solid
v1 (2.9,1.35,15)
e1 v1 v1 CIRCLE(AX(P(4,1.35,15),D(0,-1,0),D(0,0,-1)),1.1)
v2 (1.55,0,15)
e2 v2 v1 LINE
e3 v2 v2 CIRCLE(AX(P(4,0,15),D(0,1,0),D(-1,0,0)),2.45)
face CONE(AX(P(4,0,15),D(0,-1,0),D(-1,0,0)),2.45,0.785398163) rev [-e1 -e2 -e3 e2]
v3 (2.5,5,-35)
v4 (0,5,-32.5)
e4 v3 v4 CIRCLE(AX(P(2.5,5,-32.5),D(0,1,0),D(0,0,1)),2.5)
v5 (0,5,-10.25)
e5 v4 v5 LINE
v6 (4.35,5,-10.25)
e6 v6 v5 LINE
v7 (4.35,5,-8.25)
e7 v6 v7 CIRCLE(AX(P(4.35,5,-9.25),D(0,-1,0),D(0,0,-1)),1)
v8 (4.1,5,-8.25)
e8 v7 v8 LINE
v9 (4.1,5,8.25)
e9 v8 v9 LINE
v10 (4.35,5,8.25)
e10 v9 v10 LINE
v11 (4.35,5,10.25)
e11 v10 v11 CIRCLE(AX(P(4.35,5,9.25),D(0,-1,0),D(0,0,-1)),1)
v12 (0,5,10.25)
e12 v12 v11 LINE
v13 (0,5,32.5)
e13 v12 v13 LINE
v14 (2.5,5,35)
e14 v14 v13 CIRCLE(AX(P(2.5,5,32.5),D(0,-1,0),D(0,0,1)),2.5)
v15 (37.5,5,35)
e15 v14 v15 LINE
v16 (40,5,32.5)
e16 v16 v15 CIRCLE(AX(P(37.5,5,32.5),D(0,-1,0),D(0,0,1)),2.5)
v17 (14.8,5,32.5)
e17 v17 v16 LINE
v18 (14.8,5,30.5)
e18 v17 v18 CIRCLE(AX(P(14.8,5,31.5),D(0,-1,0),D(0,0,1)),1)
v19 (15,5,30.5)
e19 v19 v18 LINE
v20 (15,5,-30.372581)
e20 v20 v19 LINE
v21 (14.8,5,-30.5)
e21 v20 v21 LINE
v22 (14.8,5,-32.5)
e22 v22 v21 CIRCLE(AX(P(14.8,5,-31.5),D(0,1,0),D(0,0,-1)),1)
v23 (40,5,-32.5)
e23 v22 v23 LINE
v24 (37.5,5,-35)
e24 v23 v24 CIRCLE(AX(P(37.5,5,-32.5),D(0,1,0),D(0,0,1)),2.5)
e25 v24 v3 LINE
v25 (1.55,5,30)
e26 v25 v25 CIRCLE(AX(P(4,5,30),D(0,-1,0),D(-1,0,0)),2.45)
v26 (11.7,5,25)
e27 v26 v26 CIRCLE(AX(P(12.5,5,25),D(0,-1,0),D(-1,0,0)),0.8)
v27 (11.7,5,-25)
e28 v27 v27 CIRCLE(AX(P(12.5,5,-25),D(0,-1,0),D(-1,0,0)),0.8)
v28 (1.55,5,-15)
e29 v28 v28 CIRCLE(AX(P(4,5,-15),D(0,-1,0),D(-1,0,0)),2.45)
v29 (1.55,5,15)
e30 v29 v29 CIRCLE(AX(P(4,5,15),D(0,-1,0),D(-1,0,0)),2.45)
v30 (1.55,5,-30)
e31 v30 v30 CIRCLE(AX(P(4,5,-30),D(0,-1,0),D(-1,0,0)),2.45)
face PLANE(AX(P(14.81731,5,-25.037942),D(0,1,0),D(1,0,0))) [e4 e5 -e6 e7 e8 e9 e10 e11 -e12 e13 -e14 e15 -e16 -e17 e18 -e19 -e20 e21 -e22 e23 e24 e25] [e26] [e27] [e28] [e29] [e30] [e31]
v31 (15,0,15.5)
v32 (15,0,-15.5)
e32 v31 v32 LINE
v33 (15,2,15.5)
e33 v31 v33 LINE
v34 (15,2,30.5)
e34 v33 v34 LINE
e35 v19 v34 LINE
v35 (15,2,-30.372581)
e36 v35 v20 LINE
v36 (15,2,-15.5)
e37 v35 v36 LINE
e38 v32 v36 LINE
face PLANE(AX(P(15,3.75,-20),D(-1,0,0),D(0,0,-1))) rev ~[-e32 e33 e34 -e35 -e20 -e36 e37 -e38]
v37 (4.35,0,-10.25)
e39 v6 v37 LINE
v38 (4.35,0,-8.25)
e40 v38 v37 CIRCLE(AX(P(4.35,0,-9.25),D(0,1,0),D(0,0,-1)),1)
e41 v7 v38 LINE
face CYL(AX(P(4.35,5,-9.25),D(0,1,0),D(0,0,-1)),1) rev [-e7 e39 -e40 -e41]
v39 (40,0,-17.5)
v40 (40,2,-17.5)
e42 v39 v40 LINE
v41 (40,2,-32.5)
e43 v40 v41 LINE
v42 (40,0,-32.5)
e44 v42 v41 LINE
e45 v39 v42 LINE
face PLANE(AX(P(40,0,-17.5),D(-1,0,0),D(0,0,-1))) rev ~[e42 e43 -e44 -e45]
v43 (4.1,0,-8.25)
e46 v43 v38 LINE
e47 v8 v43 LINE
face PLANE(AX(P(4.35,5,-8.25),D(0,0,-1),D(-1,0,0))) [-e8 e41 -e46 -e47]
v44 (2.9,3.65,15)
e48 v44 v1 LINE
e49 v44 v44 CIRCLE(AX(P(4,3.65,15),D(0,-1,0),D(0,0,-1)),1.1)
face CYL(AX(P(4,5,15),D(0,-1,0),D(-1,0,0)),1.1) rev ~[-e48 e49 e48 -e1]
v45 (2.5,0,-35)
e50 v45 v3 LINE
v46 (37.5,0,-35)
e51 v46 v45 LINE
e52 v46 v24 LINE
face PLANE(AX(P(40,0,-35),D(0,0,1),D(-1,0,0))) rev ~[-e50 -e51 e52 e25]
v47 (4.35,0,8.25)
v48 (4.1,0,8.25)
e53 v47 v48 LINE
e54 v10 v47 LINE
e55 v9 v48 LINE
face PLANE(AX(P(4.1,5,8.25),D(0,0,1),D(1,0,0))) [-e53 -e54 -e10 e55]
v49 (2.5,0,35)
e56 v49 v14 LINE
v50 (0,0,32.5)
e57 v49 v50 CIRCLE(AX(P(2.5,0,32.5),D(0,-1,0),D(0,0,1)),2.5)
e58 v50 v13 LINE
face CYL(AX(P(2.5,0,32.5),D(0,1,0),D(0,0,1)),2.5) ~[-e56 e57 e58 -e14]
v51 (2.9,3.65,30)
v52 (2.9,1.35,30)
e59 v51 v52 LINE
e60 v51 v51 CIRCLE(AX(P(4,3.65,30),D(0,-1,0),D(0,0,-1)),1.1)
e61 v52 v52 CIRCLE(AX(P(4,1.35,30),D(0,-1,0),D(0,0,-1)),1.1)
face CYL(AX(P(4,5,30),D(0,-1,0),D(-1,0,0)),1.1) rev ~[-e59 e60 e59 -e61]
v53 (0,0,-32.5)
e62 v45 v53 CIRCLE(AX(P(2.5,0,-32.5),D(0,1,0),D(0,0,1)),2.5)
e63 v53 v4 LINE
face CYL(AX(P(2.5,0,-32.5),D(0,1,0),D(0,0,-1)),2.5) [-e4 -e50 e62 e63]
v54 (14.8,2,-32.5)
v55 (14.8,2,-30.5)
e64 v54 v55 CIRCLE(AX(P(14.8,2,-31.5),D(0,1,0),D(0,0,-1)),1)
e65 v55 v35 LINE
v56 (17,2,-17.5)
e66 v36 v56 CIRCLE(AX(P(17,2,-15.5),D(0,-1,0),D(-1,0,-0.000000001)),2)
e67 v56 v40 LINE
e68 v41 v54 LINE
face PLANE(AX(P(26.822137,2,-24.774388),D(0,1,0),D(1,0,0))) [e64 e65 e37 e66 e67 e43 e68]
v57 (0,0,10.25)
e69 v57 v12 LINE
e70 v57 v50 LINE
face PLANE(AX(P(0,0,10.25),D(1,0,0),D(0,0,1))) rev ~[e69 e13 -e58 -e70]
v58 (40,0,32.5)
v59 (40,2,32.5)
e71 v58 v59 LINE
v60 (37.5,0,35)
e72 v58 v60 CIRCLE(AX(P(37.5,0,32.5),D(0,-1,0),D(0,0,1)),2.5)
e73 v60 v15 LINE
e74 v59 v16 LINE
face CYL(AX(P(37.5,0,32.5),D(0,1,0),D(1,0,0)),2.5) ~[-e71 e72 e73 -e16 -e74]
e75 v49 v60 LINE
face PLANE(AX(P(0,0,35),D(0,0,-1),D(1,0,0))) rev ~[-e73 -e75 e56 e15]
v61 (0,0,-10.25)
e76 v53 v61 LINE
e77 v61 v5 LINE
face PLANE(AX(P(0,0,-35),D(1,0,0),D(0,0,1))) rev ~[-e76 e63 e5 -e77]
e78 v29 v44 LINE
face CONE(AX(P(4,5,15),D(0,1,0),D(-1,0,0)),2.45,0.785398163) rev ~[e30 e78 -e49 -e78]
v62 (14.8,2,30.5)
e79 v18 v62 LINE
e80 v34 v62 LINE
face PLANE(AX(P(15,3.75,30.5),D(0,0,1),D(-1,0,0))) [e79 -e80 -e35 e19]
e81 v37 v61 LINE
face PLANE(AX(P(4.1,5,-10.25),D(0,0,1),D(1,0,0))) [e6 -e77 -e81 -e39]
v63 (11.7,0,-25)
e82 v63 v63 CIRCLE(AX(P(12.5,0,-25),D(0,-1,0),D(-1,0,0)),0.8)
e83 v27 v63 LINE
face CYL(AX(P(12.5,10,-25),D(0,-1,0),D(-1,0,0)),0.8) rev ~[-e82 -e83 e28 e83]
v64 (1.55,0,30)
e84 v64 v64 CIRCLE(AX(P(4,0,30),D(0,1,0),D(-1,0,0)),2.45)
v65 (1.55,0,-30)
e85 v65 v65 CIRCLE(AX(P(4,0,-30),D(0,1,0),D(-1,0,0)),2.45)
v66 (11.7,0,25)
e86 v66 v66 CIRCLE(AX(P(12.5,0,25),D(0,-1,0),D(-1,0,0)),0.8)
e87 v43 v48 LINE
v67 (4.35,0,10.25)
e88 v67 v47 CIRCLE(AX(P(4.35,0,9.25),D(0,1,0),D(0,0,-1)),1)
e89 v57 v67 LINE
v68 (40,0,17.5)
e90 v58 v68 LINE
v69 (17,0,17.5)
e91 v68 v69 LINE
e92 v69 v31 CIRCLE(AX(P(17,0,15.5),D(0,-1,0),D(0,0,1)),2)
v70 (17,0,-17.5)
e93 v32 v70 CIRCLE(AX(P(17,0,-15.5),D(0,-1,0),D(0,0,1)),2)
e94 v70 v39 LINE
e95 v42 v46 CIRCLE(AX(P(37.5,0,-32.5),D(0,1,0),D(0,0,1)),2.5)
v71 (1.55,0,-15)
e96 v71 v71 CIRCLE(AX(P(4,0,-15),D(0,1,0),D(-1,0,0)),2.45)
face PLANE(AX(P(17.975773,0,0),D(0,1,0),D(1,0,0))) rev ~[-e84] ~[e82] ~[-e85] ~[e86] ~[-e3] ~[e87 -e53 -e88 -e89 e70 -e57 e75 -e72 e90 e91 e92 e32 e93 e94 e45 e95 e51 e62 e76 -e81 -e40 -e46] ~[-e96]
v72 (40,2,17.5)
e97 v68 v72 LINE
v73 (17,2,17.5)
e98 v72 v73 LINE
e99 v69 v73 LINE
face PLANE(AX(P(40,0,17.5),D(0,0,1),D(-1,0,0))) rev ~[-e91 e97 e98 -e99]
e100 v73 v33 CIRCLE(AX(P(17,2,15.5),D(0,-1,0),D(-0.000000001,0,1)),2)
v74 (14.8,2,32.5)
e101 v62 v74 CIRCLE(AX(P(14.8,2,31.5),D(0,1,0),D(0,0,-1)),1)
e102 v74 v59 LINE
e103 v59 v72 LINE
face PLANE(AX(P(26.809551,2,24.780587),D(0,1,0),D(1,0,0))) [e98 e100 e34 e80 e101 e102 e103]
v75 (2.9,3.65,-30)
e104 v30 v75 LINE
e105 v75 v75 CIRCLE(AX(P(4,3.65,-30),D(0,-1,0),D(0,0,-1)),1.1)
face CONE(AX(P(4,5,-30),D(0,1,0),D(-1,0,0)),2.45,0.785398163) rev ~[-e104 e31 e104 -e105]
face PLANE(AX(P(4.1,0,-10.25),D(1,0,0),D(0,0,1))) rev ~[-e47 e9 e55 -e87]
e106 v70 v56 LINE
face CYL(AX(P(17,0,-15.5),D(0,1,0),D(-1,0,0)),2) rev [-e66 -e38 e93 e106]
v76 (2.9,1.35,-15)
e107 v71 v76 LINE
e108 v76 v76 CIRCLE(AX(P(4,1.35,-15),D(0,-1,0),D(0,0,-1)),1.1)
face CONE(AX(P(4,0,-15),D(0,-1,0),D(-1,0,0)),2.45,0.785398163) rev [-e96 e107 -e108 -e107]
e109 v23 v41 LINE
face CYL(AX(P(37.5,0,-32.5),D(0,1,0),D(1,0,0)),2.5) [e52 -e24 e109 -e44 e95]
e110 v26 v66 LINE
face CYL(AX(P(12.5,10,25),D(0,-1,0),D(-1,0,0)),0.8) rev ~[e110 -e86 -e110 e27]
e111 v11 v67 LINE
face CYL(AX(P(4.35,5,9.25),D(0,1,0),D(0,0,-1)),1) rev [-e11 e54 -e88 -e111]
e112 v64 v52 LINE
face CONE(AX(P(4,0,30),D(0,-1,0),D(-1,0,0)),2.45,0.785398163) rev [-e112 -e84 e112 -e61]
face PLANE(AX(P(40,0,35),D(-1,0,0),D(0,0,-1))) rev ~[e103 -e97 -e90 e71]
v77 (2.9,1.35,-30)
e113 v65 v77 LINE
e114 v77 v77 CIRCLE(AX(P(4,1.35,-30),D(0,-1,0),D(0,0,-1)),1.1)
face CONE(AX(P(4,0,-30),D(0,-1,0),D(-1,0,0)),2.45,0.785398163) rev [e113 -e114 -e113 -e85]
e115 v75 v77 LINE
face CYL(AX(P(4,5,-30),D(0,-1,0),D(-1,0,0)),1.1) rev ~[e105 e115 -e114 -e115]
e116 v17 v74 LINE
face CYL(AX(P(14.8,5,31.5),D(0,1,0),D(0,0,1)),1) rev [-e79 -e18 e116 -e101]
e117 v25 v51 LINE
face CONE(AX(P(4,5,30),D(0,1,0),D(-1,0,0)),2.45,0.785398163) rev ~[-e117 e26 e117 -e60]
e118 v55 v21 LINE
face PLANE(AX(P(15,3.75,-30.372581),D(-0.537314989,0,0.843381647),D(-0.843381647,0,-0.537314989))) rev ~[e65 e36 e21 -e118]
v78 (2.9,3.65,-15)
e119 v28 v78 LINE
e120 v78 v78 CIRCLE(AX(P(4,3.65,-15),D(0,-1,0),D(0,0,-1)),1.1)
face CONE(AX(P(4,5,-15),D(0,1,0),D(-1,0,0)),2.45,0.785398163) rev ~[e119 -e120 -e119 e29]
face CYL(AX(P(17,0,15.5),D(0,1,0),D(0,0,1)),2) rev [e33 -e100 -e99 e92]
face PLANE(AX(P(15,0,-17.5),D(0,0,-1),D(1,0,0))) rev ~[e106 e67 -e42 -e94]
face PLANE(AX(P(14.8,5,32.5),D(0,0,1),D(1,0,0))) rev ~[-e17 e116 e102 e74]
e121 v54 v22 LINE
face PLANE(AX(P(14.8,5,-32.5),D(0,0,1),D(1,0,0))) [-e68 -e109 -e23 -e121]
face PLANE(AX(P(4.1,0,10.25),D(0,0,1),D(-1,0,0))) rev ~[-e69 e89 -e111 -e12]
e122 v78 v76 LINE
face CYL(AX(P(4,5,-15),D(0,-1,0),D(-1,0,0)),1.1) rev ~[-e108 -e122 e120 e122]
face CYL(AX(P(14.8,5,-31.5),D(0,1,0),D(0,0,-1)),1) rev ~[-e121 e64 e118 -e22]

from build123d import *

# Parameters (mm, degrees)
BOSS_EXTRUDE1_DEPTH                                 = 5
FILLET1_R                                           = 2
FILLET2_R                                           = 2.5
CUT_EXTRUDE2_REACH                                  = 7
CSK_FOR_M2_COUNTERSUNK_FLAT_HEAD_SCREW1_D           = 2.2
CSK_FOR_M2_COUNTERSUNK_FLAT_HEAD_SCREW1_DEPTH       = 5
CSK_FOR_M2_COUNTERSUNK_FLAT_HEAD_SCREW1_CSINK_D     = 4.9
CSK_FOR_M2_COUNTERSUNK_FLAT_HEAD_SCREW1_CSINK_ANGLE = 90
M2_TAPPED_HOLE1_D                                   = 1.6
M2_TAPPED_HOLE1_DEPTH                               = 5
SKETCH9_W                                           = 25.2
SKETCH9_H                                           = 12.5
CUT_EXTRUDE3_DEPTH                                  = 1.25
CUT_EXTRUDE4_DEPTH                                  = 1.25
SKETCH11_W                                          = 25
SKETCH11_H                                          = 4.5
CUT_EXTRUDE5_DEPTH                                  = 1.25
BOSS_EXTRUDE2_DEPTH                                 = 1.25
CUT_EXTRUDE6_DEPTH                                  = 1.75


with BuildPart() as part:
    # Sketch1 → Boss-Extrude1 (new body)
    with BuildSketch(Plane(origin=(0, 0, 0), x_dir=(1, 0, 0), z_dir=(0, 1, 0))):
        Polygon((0, 35), (0, 10.25), (4.1, 10.25), (4.1, -10.25), (0, -10.25), (0, -35), (40, -35), (40, -17.5), (15, -17.5), (15, 17.5), (40, 17.5), (40, 35), align=None)
    extrude(amount=BOSS_EXTRUDE1_DEPTH)

    # Fillet1
    fillet1_edges = [part.edges().sort_by_distance(p)[0] for p in [
        (15, 2.5, -17.5),
        (15, 2.5, 17.5),
    ]]
    fillet(fillet1_edges, radius=FILLET1_R)

    # Fillet2
    fillet2_edges = [part.edges().sort_by_distance(p)[0] for p in [
        (0, 2.5, -35),
        (40, 2.5, -35),
        (40, 2.5, 35),
        (0, 2.5, 35),
    ]]
    fillet(fillet2_edges, radius=FILLET2_R)

    # Sketch3 → Cut-Extrude2 (cut, up to next)
    with BuildSketch(Plane(origin=(0, 5, 0), x_dir=(1, 0, 0), z_dir=(0, 1, 0)), mode=Mode.PRIVATE) as cut_extrude2_sk1:
        with BuildLine():
            Line((4.1, 10.25), (4.35, 10.25))
            ThreePointArc((4.35, 10.25), (5.35, 9.25), (4.35, 8.25))
            Line((4.35, 8.25), (4.1, 8.25))
            Line((4.1, 8.25), (4.1, 10.25))
        make_face()
    cut_extrude2_tool1 = extrude(cut_extrude2_sk1.sketch, amount=-CUT_EXTRUDE2_REACH, mode=Mode.PRIVATE) & part.part
    add(cut_extrude2_tool1.solids().sort_by_distance((4.641756, 5, -9.25))[0], mode=Mode.SUBTRACT)
    # Sketch3 → Cut-Extrude2 (cut, up to next)
    with BuildSketch(Plane(origin=(0, 5, 0), x_dir=(1, 0, 0), z_dir=(0, 1, 0)), mode=Mode.PRIVATE) as cut_extrude2_sk2:
        with BuildLine():
            Line((4.1, -10.25), (4.1, -8.25))
            Line((4.1, -8.25), (4.35, -8.25))
            ThreePointArc((4.35, -8.25), (5.35, -9.25), (4.35, -10.25))
            Line((4.35, -10.25), (4.1, -10.25))
        make_face()
    cut_extrude2_tool2 = extrude(cut_extrude2_sk2.sketch, amount=-CUT_EXTRUDE2_REACH, mode=Mode.PRIVATE) & part.part
    add(cut_extrude2_tool2.solids().sort_by_distance((4.641756, 5, 9.25))[0], mode=Mode.SUBTRACT)

    # CSK for M2 Countersunk Flat Head Screw1
    with Locations(Plane(origin=(0, 5, 0), x_dir=(1, 0, 0), z_dir=(0, 1, 0))):
        with Locations((4, 30), (4, 15), (4, -15), (4, -30)):
            csk_for_m2_countersunk_flat_head_screw1 = CounterSinkHole(CSK_FOR_M2_COUNTERSUNK_FLAT_HEAD_SCREW1_D / 2, CSK_FOR_M2_COUNTERSUNK_FLAT_HEAD_SCREW1_CSINK_D / 2, depth=CSK_FOR_M2_COUNTERSUNK_FLAT_HEAD_SCREW1_DEPTH, counter_sink_angle=CSK_FOR_M2_COUNTERSUNK_FLAT_HEAD_SCREW1_CSINK_ANGLE)

    # M2 Tapped Hole1
    with Locations(Plane(origin=(0, 5, 0), x_dir=(1, 0, 0), z_dir=(0, 1, 0))):
        with Locations((12.5, -25), (12.5, 25)):
            Hole(M2_TAPPED_HOLE1_D / 2, depth=M2_TAPPED_HOLE1_DEPTH)

    # Sketch9 → Cut-Extrude3 (cut)
    with BuildSketch(Plane(origin=(0, 5, 0), x_dir=(1, 0, 0), z_dir=(0, 1, 0))):
        with Locations((27.4, 26.25)):
            Rectangle(SKETCH9_W, SKETCH9_H)
        with Locations((27.4, -26.25)):
            Rectangle(SKETCH9_W, SKETCH9_H)
    extrude(amount=-CUT_EXTRUDE3_DEPTH, mode=Mode.SUBTRACT)

    # Sketch10 → Cut-Extrude4 (cut)
    with BuildSketch(Plane(origin=(0, 5, 0), x_dir=(1, 0, 0), z_dir=(0, 1, 0))):
        with BuildLine():
            Line((14.8, 22), (14.8, 20))
            ThreePointArc((14.8, 20), (13.8, 21), (14.8, 22))
        make_face()
        with BuildLine():
            Line((14.8, 30.5), (14.8, 32.5))
            ThreePointArc((14.8, 32.5), (13.8, 31.5), (14.8, 30.5))
        make_face()
    cut_extrude4 = extrude(amount=-CUT_EXTRUDE4_DEPTH, mode=Mode.SUBTRACT)

    # Mirror1: CSK for M2 Countersunk Flat Head Screw1 across plane
    add(csk_for_m2_countersunk_flat_head_screw1.mirror(Plane(origin=(0, 2.5, 0), x_dir=(0, 0, 1), z_dir=(0, -1, 0))), mode=Mode.SUBTRACT)

    # Mirror2: Cut-Extrude4 across plane
    add(cut_extrude4.mirror(Plane.XY), mode=Mode.SUBTRACT)

    # Sketch11 → Cut-Extrude5 (cut)
    with BuildSketch(Plane(origin=(0, 5, 0), x_dir=(1, 0, 0), z_dir=(0, 1, 0))):
        with Locations((27.5, 17.75)):
            Rectangle(SKETCH11_W, SKETCH11_H)
        with Locations((27.5, -17.75)):
            Rectangle(SKETCH11_W, SKETCH11_H)
    extrude(amount=-CUT_EXTRUDE5_DEPTH, mode=Mode.SUBTRACT)

    # Sketch12 → Boss-Extrude2 (add)
    with BuildSketch(Plane(origin=(0, 3.75, 0), x_dir=(1, 0, 0), z_dir=(0, 1, 0))):
        with BuildLine():
            Line((14.8, 20), (15, 20))
            Line((15, 20), (15, 30.37258082))
            Line((15, 30.37258082), (14.8, 30.5))
            Line((14.8, 30.5), (14.8, 22))
            ThreePointArc((14.8, 22), (13.8, 21), (14.8, 20))
        make_face()
        with BuildLine():
            Line((14.8, -20), (15, -20))
            Line((15, -20), (15, -30.5))
            Line((15, -30.5), (14.8, -30.5))
            Line((14.8, -30.5), (14.8, -22))
            ThreePointArc((14.8, -22), (13.8, -21), (14.8, -20))
        make_face()
    extrude(amount=BOSS_EXTRUDE2_DEPTH)

    # Sketch13 → Cut-Extrude6 (cut)
    with BuildSketch(Plane(origin=(0, 3.75, 0), x_dir=(1, 0, 0), z_dir=(0, 1, 0))):
        with BuildLine():
            Line((14.8, 30.5), (15, 30.37258082))
            Line((15, 30.37258082), (15, 15.5))
            ThreePointArc((15, 15.5), (15.585786438, 16.914213562), (17, 17.5))
            Line((17, 17.5), (40, 17.5))
            Line((40, 17.5), (40, 32.5))
            Line((40, 32.5), (14.8, 32.5))
            ThreePointArc((14.8, 32.5), (13.8, 31.5), (14.8, 30.5))
        make_face()
        with BuildLine():
            Line((15, -15.5), (15, -30.5))
            Line((15, -30.5), (14.8, -30.5))
            ThreePointArc((14.8, -30.5), (13.8, -31.5), (14.8, -32.5))
            Line((14.8, -32.5), (40, -32.5))
            Line((40, -32.5), (40, -17.5))
            Line((40, -17.5), (17, -17.5))
            ThreePointArc((17, -17.5), (15.585786438, -16.914213562), (15, -15.5))
        make_face()
    extrude(amount=-CUT_EXTRUDE6_DEPTH, mode=Mode.SUBTRACT)


solid = part.part
